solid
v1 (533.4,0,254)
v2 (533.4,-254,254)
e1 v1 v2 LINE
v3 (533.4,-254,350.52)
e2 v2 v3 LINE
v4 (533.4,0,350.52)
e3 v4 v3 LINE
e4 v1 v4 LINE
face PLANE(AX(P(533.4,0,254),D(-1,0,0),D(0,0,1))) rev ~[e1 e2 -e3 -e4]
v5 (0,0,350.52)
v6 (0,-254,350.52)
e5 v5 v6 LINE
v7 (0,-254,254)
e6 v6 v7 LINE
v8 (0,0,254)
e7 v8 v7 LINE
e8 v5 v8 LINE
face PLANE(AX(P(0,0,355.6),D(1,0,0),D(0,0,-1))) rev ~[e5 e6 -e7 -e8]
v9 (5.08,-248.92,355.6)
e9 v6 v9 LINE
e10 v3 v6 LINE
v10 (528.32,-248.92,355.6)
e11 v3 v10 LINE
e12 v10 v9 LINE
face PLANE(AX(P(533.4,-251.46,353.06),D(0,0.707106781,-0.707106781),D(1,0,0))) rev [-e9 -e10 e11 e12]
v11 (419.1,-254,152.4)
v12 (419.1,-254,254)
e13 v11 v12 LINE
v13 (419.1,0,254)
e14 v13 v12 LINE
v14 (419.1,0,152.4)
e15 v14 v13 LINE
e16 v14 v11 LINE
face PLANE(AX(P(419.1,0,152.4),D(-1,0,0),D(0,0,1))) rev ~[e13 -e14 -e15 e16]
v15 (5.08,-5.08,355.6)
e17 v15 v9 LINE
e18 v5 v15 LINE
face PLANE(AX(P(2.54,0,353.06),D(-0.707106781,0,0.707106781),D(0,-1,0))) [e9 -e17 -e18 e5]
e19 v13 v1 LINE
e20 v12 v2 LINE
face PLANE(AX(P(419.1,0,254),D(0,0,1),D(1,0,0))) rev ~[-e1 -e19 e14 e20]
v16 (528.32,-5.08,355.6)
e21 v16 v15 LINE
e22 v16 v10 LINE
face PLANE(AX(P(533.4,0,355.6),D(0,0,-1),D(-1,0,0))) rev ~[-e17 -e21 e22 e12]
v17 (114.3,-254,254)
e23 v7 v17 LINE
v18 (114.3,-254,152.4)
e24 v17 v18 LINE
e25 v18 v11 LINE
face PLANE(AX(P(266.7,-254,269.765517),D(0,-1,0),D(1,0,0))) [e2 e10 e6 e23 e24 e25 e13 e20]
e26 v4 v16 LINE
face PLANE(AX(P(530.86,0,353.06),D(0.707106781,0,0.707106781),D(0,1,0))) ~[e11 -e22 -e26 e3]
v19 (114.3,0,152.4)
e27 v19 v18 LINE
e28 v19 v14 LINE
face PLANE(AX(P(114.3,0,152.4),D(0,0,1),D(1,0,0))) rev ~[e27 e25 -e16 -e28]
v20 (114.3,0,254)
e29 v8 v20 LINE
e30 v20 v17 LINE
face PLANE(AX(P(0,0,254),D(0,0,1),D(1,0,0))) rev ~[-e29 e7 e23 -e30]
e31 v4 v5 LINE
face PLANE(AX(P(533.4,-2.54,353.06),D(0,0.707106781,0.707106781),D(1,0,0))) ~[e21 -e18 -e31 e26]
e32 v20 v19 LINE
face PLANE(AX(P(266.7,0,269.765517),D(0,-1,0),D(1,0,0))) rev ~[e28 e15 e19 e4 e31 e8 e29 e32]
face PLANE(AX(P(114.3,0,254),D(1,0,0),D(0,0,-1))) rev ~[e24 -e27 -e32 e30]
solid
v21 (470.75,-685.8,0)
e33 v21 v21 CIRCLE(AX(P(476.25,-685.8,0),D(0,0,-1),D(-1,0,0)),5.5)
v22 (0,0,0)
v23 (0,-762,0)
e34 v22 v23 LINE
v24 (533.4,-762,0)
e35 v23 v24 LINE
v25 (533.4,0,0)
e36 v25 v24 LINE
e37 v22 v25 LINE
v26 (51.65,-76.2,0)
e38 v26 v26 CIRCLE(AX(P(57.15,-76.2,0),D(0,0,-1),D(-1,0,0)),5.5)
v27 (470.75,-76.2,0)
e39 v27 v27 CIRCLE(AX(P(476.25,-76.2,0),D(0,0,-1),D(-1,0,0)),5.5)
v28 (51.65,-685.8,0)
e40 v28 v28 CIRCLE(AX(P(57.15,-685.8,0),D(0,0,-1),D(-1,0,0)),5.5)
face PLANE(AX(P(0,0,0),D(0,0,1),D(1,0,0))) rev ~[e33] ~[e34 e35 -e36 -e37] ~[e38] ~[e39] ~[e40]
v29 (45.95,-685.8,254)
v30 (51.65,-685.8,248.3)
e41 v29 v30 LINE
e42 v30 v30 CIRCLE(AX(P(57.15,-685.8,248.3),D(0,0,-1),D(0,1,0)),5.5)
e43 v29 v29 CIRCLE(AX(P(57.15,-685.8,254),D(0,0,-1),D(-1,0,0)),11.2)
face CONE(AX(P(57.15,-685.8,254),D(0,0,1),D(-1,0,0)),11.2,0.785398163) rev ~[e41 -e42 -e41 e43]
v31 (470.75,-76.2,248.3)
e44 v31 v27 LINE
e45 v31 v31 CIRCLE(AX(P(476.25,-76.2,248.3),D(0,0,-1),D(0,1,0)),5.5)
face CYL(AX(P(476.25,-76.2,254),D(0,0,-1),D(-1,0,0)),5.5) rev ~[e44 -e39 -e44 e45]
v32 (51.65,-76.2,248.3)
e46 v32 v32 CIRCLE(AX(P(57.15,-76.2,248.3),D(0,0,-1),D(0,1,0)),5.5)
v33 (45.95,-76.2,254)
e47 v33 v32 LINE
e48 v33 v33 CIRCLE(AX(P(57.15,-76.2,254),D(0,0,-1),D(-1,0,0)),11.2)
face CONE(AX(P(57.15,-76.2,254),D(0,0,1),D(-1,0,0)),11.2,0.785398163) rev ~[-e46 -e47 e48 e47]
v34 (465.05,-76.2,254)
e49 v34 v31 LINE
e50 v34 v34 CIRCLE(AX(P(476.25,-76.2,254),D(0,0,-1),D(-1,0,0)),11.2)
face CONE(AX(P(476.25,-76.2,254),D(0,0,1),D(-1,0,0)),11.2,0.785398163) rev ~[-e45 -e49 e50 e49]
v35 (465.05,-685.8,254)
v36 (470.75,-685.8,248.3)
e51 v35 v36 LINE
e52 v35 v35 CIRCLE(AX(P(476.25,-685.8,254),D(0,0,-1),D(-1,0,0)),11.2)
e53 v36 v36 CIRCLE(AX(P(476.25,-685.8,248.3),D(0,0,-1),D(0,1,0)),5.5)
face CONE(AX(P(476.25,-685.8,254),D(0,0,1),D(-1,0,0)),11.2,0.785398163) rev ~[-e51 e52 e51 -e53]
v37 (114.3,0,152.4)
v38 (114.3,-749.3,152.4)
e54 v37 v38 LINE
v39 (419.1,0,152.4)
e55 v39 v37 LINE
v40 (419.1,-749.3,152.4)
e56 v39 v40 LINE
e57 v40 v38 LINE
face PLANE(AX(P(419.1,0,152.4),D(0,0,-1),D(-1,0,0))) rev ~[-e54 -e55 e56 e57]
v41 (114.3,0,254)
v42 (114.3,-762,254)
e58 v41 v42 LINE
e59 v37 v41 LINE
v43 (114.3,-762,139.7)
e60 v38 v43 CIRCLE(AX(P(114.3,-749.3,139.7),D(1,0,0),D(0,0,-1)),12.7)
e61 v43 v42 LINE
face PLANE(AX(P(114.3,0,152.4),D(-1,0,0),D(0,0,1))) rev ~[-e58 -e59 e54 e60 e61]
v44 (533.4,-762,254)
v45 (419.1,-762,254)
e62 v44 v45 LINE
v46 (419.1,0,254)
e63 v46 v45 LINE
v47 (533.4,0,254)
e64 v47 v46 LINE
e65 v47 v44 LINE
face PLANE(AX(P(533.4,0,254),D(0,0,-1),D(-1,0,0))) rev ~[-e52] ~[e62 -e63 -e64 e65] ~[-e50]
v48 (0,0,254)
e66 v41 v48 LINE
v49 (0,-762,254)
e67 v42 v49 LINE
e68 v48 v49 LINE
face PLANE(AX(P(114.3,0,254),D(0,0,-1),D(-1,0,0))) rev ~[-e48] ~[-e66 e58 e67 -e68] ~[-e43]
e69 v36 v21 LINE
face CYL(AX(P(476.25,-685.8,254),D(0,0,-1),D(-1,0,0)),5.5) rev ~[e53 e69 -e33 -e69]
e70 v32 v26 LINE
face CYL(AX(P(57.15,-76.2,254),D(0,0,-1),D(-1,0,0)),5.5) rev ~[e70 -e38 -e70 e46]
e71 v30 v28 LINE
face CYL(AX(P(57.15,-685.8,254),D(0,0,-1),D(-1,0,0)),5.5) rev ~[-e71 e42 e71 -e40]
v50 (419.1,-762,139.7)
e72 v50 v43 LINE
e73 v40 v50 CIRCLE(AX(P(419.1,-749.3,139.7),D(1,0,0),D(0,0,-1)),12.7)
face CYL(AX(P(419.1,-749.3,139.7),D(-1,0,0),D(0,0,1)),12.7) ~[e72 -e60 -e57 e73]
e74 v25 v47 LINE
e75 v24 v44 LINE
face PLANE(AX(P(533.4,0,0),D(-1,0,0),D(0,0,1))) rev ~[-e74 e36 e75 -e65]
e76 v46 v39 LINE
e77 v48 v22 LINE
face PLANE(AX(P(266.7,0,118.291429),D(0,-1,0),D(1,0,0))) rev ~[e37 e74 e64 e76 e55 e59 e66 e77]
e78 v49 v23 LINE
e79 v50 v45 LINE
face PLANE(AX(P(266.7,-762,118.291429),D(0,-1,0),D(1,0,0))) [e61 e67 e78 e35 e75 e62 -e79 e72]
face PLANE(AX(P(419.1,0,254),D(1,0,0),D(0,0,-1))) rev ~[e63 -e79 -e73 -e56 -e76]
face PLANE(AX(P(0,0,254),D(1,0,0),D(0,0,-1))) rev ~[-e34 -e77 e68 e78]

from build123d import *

# Parameters (mm, degrees)
F1_DEPTH       = 762
F3_D           = 11
F3_CSINK_D     = 22.4
F3_CSINK_ANGLE = 90
F5_DEPTH       = 254
F6_R           = 12.7
F7_SIZE        = 5.08


with BuildPart() as f1:
    # F0 (on Front) → F1 (new body)
    with BuildSketch(Plane.XZ):
        Polygon((114.3, 254), (0, 254), (0, 0), (533.4, 0), (533.4, 254), (419.1, 254), (419.1, 152.4), (114.3, 152.4), align=None)
    extrude(amount=F1_DEPTH)

    # F3 (through all)
    with Locations(Plane.XY.offset(254)):
        with Locations((57.15, -76.2), (476.25, -76.2), (476.25, -685.8), (57.15, -685.8)):
            CounterSinkHole(F3_D / 2, F3_CSINK_D / 2, counter_sink_angle=F3_CSINK_ANGLE)

    # F6
    f6_edges = [f1.edges().sort_by_distance(p)[0] for p in [
        (266.7, -762, 152.4),
    ]]
    fillet(f6_edges, radius=F6_R)


with BuildPart() as f5:
    # F4 (on Front) → F5 (new body)
    with BuildSketch(Plane.XZ):
        Polygon((0, 355.6), (0, 254), (114.3, 254), (114.3, 152.4), (419.1, 152.4), (419.1, 254), (533.4, 254), (533.4, 355.6), align=None)
    extrude(amount=F5_DEPTH)

    # F7
    f7_edges = [f5.edges().sort_by_distance(p)[0] for p in [
        (533.4, -127, 355.6),
        (0, -127, 355.6),
        (266.7, 0, 355.6),
        (266.7, -254, 355.6),
    ]]
    chamfer(f7_edges, length=F7_SIZE)


solid = Compound([f1.part, f5.part])
